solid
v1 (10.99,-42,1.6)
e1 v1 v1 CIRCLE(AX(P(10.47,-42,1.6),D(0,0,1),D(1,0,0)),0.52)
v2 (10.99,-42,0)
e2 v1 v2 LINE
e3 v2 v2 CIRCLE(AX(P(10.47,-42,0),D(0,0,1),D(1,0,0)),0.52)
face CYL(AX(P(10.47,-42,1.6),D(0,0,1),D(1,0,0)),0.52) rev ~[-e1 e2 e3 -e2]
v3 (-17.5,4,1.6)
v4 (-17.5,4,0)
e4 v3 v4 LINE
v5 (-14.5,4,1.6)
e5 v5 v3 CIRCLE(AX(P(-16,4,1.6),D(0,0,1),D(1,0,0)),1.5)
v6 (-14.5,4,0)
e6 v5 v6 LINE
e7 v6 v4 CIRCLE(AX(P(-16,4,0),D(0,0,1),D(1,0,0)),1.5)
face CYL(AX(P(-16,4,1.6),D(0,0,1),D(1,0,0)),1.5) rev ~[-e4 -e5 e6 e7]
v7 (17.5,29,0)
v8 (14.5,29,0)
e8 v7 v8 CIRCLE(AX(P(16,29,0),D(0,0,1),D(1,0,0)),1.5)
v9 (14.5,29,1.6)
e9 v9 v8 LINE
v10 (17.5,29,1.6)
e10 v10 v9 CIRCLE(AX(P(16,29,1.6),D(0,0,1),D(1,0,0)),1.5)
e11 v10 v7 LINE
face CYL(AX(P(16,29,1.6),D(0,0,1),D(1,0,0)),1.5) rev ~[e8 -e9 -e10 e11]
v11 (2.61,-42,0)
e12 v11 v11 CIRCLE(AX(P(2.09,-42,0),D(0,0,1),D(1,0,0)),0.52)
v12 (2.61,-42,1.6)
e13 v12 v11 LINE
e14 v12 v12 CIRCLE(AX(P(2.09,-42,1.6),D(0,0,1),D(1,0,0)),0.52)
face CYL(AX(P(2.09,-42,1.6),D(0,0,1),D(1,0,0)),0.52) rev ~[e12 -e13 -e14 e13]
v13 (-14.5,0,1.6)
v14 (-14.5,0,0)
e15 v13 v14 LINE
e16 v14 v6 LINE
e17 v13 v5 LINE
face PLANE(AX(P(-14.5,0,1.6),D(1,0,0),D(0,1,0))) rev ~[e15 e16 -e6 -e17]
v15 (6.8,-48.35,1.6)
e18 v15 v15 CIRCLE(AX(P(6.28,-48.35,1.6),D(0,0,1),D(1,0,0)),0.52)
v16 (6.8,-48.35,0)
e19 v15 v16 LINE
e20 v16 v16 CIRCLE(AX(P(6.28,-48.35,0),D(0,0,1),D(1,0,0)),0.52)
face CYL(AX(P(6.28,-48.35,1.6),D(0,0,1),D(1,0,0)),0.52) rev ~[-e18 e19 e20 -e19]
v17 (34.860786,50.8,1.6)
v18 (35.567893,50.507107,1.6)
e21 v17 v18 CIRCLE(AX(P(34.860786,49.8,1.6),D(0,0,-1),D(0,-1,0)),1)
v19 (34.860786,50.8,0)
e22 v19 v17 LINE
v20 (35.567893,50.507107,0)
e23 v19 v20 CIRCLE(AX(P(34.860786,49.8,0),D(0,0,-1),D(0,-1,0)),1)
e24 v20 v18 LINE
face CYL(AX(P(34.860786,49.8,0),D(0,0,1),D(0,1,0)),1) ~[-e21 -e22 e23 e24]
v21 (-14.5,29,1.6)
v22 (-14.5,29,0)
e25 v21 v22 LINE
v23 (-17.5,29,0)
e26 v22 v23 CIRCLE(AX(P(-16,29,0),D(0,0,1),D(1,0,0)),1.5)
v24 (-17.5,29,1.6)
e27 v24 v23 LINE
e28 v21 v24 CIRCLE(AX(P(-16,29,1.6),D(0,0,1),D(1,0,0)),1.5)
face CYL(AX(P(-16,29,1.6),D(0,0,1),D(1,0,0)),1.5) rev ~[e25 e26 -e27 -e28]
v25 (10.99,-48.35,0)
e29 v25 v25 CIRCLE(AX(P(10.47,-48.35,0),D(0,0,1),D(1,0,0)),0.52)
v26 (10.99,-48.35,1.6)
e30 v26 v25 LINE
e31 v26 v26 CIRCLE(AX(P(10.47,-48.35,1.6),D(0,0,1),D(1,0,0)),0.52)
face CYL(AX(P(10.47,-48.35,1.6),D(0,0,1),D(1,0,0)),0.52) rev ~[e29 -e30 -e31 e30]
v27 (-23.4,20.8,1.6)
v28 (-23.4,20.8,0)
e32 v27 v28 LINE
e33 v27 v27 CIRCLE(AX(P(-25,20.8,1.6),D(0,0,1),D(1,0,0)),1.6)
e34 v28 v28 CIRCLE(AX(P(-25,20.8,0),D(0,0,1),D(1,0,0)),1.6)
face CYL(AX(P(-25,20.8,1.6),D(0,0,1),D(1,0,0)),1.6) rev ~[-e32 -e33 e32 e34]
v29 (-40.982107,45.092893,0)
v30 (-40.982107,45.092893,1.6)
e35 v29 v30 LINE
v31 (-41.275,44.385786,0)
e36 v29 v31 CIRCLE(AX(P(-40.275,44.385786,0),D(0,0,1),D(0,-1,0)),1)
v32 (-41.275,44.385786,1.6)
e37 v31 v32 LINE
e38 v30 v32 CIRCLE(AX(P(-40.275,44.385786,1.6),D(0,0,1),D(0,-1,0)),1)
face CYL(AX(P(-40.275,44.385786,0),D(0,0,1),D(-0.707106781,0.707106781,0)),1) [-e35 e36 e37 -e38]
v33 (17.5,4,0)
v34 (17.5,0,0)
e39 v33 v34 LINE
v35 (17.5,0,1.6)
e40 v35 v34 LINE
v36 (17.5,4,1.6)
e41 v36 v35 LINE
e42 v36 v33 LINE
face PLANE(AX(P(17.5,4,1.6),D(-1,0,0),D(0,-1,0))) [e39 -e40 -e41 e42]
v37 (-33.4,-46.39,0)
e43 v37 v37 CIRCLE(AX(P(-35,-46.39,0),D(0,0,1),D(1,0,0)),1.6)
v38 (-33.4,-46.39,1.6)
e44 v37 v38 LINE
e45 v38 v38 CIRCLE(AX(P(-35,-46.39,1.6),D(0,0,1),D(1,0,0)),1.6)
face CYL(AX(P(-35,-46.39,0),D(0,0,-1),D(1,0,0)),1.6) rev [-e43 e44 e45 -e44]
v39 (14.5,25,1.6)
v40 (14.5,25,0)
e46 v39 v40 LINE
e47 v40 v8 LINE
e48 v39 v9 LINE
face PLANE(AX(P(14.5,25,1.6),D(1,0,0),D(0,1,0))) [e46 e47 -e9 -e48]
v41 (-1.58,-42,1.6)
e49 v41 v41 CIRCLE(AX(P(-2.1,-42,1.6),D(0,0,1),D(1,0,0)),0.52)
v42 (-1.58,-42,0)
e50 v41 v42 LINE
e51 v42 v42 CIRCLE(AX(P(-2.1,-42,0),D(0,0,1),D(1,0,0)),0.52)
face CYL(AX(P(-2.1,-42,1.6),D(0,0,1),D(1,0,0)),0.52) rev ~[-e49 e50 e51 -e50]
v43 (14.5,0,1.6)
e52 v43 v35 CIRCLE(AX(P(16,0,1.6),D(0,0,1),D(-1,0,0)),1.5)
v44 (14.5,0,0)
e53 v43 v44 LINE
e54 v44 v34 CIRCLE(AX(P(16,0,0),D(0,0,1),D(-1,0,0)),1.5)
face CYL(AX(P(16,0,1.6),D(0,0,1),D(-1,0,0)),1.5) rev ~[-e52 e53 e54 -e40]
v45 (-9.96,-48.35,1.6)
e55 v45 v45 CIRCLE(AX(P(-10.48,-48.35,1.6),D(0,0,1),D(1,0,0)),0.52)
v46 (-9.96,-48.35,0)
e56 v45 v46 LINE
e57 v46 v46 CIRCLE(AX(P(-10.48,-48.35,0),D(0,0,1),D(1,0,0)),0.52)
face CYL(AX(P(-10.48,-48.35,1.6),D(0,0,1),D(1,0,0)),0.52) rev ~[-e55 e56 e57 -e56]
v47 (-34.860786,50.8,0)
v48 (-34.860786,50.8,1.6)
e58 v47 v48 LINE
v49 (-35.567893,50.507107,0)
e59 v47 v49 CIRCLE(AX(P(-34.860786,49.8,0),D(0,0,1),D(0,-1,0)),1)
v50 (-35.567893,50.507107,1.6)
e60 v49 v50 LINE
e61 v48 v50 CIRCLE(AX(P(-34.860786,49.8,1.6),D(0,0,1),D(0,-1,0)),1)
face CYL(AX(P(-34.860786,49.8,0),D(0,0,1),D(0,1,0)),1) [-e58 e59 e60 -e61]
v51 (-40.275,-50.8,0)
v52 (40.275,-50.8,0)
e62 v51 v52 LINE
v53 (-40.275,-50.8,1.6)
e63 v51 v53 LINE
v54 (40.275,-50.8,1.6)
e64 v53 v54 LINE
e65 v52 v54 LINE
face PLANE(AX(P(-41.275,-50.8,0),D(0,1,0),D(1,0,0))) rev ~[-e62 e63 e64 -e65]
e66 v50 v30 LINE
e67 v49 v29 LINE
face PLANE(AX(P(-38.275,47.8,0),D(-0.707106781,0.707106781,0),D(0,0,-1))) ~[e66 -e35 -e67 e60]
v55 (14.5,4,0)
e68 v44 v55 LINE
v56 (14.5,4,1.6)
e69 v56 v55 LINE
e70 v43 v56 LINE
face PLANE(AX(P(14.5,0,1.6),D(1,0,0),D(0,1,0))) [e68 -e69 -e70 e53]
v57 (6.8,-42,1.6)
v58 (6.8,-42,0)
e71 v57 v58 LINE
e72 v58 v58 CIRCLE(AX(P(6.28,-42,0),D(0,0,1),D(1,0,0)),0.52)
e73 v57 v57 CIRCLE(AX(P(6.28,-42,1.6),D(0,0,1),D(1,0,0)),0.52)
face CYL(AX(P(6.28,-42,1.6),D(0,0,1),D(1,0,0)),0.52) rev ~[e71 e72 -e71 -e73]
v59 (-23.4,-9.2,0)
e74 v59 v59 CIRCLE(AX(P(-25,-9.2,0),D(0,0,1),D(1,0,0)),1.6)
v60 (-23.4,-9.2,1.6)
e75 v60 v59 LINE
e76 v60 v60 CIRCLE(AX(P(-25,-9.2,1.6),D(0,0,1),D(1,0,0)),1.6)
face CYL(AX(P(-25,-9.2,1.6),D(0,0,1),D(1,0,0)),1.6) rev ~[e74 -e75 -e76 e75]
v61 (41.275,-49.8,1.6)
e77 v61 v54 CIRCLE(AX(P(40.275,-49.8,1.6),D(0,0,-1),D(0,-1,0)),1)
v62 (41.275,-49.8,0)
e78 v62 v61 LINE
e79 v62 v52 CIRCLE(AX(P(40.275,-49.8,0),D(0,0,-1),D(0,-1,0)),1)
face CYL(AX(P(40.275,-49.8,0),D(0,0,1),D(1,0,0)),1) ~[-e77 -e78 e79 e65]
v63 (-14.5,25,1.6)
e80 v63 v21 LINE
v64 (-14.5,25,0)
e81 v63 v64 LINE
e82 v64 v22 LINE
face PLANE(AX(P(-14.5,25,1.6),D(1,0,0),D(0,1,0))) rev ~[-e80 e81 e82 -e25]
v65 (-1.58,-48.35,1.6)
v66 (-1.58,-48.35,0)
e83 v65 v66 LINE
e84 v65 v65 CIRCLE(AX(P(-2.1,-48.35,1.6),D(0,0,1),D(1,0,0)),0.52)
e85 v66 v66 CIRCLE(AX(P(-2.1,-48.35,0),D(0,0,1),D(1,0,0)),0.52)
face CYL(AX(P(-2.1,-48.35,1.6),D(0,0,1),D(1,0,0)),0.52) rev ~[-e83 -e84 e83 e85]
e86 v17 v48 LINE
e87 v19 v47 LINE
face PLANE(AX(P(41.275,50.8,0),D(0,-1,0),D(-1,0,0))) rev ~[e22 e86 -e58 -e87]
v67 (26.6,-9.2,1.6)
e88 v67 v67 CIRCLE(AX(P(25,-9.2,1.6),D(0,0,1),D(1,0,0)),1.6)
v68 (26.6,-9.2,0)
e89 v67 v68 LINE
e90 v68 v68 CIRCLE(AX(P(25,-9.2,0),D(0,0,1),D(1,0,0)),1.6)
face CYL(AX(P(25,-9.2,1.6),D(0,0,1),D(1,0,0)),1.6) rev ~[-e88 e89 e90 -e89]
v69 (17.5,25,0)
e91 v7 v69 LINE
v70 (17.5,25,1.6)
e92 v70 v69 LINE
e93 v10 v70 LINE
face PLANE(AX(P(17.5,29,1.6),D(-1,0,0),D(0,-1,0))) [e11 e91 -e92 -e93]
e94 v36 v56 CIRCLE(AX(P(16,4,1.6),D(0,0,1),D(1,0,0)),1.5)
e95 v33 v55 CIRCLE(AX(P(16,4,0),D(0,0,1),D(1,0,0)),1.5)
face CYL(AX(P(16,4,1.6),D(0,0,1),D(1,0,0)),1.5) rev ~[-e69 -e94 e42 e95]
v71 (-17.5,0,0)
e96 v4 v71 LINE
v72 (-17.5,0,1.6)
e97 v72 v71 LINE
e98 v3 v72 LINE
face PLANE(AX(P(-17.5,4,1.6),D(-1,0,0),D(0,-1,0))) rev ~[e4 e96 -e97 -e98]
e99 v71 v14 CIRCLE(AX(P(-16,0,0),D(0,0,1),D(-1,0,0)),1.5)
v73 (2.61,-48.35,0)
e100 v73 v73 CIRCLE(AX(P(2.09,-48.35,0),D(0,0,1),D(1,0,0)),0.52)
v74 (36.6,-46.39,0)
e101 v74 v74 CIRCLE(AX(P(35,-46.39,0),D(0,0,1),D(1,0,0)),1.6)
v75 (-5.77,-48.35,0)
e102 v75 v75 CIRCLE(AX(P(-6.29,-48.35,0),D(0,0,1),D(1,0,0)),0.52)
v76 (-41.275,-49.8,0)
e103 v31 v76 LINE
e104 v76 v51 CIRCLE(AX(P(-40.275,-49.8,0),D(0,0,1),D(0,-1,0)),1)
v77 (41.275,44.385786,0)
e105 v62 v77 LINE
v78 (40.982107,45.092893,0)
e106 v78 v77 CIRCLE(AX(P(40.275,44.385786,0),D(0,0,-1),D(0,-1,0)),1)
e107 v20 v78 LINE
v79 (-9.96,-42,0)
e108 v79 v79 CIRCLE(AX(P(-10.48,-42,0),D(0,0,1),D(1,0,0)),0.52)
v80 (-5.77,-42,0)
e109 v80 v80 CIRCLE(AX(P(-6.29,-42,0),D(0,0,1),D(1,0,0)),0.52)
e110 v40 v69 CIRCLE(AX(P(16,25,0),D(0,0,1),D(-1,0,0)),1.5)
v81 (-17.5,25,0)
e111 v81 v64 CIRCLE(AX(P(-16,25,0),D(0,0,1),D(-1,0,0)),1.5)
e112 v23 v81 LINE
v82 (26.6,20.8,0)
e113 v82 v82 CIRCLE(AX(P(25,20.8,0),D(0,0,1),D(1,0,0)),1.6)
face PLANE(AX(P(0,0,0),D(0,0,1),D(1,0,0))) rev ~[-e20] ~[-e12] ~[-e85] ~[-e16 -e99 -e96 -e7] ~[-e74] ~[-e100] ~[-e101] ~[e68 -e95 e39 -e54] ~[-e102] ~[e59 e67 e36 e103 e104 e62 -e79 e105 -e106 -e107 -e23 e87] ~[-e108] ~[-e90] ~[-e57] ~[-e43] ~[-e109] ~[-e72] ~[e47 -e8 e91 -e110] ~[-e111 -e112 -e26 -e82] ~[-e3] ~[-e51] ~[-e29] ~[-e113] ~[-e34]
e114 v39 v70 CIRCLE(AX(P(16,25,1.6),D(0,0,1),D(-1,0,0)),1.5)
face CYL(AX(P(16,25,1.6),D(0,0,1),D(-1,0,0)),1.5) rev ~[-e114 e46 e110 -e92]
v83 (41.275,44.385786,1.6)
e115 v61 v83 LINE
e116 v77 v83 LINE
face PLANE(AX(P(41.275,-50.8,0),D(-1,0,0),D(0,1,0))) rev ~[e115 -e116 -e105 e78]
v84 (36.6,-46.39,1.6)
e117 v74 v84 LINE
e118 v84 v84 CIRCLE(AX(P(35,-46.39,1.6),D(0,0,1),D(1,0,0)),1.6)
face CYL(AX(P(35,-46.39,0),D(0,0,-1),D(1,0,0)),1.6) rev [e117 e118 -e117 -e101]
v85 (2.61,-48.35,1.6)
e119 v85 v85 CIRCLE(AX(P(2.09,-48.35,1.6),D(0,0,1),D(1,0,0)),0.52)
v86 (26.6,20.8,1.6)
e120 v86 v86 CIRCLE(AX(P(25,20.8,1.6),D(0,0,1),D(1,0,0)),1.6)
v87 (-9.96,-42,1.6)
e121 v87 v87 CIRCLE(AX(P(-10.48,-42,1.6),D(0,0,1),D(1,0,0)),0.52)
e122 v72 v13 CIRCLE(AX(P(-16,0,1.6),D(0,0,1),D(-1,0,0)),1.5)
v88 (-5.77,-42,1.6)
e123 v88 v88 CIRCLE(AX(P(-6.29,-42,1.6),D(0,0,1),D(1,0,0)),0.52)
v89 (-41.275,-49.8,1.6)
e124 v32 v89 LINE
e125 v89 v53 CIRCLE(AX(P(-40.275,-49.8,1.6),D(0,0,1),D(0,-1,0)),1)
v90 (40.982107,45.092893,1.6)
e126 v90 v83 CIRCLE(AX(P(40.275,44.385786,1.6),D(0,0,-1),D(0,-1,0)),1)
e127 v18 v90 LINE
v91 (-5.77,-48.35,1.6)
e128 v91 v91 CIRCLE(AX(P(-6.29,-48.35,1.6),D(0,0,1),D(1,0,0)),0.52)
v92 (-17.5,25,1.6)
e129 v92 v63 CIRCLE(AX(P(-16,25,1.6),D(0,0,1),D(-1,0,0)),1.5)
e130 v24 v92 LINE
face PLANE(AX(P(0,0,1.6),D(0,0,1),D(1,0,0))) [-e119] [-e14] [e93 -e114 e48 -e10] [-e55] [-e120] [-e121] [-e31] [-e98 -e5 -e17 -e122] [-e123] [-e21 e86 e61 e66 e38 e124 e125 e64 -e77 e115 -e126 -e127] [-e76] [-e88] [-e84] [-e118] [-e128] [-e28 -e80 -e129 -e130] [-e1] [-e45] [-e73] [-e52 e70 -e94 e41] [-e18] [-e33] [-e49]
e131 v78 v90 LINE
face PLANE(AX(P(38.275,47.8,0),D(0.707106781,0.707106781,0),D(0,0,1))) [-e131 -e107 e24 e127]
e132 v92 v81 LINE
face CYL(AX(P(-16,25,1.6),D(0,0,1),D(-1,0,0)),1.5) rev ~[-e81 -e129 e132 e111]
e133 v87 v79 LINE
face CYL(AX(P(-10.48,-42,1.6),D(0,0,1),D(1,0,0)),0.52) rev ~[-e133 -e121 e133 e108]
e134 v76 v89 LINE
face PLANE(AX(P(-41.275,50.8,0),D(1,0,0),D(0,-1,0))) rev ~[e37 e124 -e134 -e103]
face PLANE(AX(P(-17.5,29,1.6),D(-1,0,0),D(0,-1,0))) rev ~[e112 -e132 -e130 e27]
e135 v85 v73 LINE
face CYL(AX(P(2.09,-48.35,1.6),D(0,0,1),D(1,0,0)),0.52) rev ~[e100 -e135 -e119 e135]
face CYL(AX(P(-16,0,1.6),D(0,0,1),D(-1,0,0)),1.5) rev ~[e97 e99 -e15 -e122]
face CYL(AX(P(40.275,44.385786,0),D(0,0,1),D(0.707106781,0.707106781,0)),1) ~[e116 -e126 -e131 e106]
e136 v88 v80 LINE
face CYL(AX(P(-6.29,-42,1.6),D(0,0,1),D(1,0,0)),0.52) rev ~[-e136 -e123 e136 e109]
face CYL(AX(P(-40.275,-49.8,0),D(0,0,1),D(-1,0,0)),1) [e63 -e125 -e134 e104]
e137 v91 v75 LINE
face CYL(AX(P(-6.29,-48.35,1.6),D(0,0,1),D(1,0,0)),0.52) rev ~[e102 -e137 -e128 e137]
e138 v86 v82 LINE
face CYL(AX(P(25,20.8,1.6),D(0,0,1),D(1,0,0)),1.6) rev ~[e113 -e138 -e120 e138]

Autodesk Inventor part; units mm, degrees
ref_plane "YZ Plane" through (0, 0, 0) normal (1, 0, 0) x (0, 1, 0)
ref_plane "XZ Plane" through (0, 0, 0) normal (0, 1, 0) x (-1, 0, 0)
ref_plane "XY Plane" through (0, 0, 0) normal (0, 0, 1) x (1, 0, 0)
sketch "Sketch1" plane through (0, 0, 0) normal (0, 0, 1) x (1, 0, 0)
  line L0 (-41.275, -50.8) -> (41.275, -50.8)
  line L1 (41.275, -50.8) -> (41.275, 50.8)
  line L2 (41.275, 50.8) -> (-41.275, 50.8)
  line L3 (-41.275, 50.8) -> (-41.275, -50.8)
  line L4 (-41.275, -50.8) -> (41.275, 50.8) construction
  line L5 (41.275, -50.8) -> (-41.275, 50.8) construction
  circle A0 centre (-35, -46.39) radius 1.6
  circle A1 centre (35, -46.39) radius 1.6
  point P0 (0, 0)
  dimension "d0" = 82.55
  dimension "d1" = 101.6
  dimension "d2" = 3.2
  dimension "d3" = 3.2
  dimension "d5" = 35
  dimension "d6" = 35
  dimension "d7" = 4.41
  dimension "d8" = 4.41
extrude "Extrusion1" add sketch "Sketch1" along normal blind 1.6
chamfer "Chamfer1" distance 6 angle 45 1 edges at (41.275, 50.8, 0.8) measured on face at (41.275, -16.9333, 0.5333)
chamfer "Chamfer2" distance 6 angle 45 1 edges at (-41.275, 50.8, 0.8) measured on face at (-41.275, 16.9333, 0.5333)
sketch "Sketch2" plane through (0, 0, 1.6) normal (0, 0, 1) x (1, 0, 0)
  circle A0 centre (-10.48, -42) radius 0.52
  line L0 (-41.275, -50.8) -> (41.275, -50.8) projected
  line L1 (-41.275, 44.8) -> (-41.275, -50.8) projected
  point P0 (0, 0)
  dimension "d17" = 1.04
  dimension "d18" = 10.48
  dimension "d19" = 8.8
extrude "Extrusion2" cut sketch "Sketch2" against normal through all
pattern_linear "Rectangular Pattern1" count 6 spacing 4.19 along (1, 0, 0) count 2 spacing 6.35 along (0, -1, 0) of "Extrusion2"
sketch "Sketch3" plane through (0, 0, 1.6) normal (0, 0, 1) x (1, 0, 0)
  circle A0 centre (-25, 20.8) radius 1.6
  circle A1 centre (-25, -9.2) radius 1.6
  line L0 (0, -71.12) -> (0, 71.12) projected
  line L1 (35.275, 50.8) -> (-35.275, 50.8) projected
  circle A2 centre (25, 20.8) radius 1.6
  circle A3 centre (25, -9.2) radius 1.6
  point P0 (0, 0)
  dimension "d28" = 25
  dimension "d29" = 25
  dimension "d30" = 30
  dimension "d31" = 3.2
  dimension "d32" = 3.2
  dimension "d33" = 30
extrude "Extrusion3" cut sketch "Sketch3" against normal through all
sketch "Sketch4" plane through (0, 0, 1.6) normal (0, 0, 1) x (1, 0, 0)
  line L0 (-16, 0) -> (-16, 4) construction
  line L1 (-14.5, 0) -> (-14.5, 4)
  line L2 (-17.5, 4) -> (-17.5, 0)
  arc A0 (-17.5, 0) -> (-14.5, 0) centre (-16, 0) ccw
  arc A1 (-14.5, 4) -> (-17.5, 4) centre (-16, 4) ccw
  line L3 (-16, 25) -> (-16, 29) construction
  line L4 (-14.5, 25) -> (-14.5, 29)
  line L5 (-17.5, 29) -> (-17.5, 25)
  arc A2 (-17.5, 25) -> (-14.5, 25) centre (-16, 25) ccw
  arc A3 (-14.5, 29) -> (-17.5, 29) centre (-16, 29) ccw
  line L6 (-57.785, 0) -> (57.785, 0) construction
  line L7 (0, 71.12) -> (0, -71.12) projected
  line L8 (16, 0) -> (16, 4) construction
  line L9 (14.5, 0) -> (14.5, 4)
  line L10 (17.5, 4) -> (17.5, 0)
  arc A4 (14.5, 0) -> (17.5, 0) centre (16, 0) ccw
  arc A5 (17.5, 4) -> (14.5, 4) centre (16, 4) ccw
  line L11 (16, 25) -> (16, 29) construction
  line L12 (14.5, 25) -> (14.5, 29)
  line L13 (17.5, 29) -> (17.5, 25)
  arc A6 (14.5, 25) -> (17.5, 25) centre (16, 25) ccw
  arc A7 (17.5, 29) -> (14.5, 29) centre (16, 29) ccw
  line L14 (13.3, -8.625) -> (-13.3, -8.625)
  line L15 (-13.3, -8.625) -> (-13.3, 37.625)
  line L16 (-13.3, 37.625) -> (13.3, 37.625)
  line L17 (13.3, 37.625) -> (13.3, -8.625)
  line L18 (13.3, -8.625) -> (-13.3, 37.625) construction
  line L19 (-13.3, -8.625) -> (13.3, 37.625) construction
  point P0 (0, 0)
  point P1 (-16, 2)
  point P2 (-16, 27)
  point P3 (16, 2)
  point P4 (16, 27)
  point P5 (0, 14.5)
  dimension "d36" = 4
  dimension "d37" = 4
  dimension "d38" = 3
  dimension "d39" = 3
  dimension "d40" = 16
  dimension "d41" = 25
  dimension "d45" = 26.6
  dimension "d46" = 46.25
  dimension "d47" = 12.5
  dimension "d48" = 2
extrude "Extrusion4" cut sketch "Sketch4" against normal blind 1.6 contours A0 L2 A1 L1 | A2 L5 A3 L4 | L9 A5 L10 A4 | L12 A7 L13 A6
fillet "Fillet1" radius 1 6 edges at (41.275, -50.8, 0.8) (41.275, 44.8, 0.8) (35.275, 50.8, 0.8) (-35.275, 50.8, 0.8) (-41.275, 44.8, 0.8) (-41.275, -50.8, 0.8)
sketch "RCU_PCB_OUTLINE" plane through (0, 0, 1.6) normal (0, 0, 1) x (1, 0, 0)
  circle A0 centre (-25, 20.8) radius 1.6 projected
  circle A1 centre (25, 20.8) radius 1.6 projected
  circle A2 centre (-25, -9.2) radius 1.6 projected
  circle A3 centre (25, -9.2) radius 1.6 projected
  circle A4 centre (10.47, -48.35) radius 0.52 projected
  circle A5 centre (-10.48, -42) radius 0.52 projected
  circle A6 centre (-35, -46.39) radius 1.6 projected
  circle A7 centre (35, -46.39) radius 1.6 projected
  line L0 (-30, -13.2) -> (-30, 24.8) projected
  line L1 (-30, -13.2) -> (-30, 24.8) projected
  arc A8 (-30, -13.2) -> (-29, -14.2) centre (-29, -13.2) ccw projected
  arc A9 (-29, 25.8) -> (-30, 24.8) centre (-29, 24.8) ccw projected
  arc A10 (-30, -13.2) -> (-29, -14.2) centre (-29, -13.2) ccw projected
  line L2 (-21, -14.2) -> (-29, -14.2) projected
  arc A11 (-21, -14.2) -> (-20, -13.2) centre (-21, -13.2) ccw projected
  line L3 (-20, 24.8) -> (-20, -13.2) projected
  arc A12 (-20, 24.8) -> (-21, 25.8) centre (-21, 24.8) ccw projected
  line L4 (-29, 25.8) -> (-21, 25.8) projected
  arc A13 (-29, 25.8) -> (-30, 24.8) centre (-29, 24.8) ccw projected
  arc A14 (12.3, -8.625) -> (13.3, -7.625) centre (12.3, -7.625) ccw projected
  line L5 (-12.3, -8.625) -> (12.3, -8.625) projected
  arc A15 (-13.3, -7.625) -> (-12.3, -8.625) centre (-12.3, -7.625) ccw projected
  line L6 (-13.3, 36.625) -> (-13.3, -7.625) projected
  arc A16 (-12.3, 37.625) -> (-13.3, 36.625) centre (-12.3, 36.625) ccw projected
  line L7 (12.3, 37.625) -> (-12.3, 37.625) projected
  arc A17 (13.3, 36.625) -> (12.3, 37.625) centre (12.3, 36.625) ccw projected
  line L8 (13.3, -7.625) -> (13.3, 36.625) projected
  line L9 (29, -14.2) -> (21, -14.2) projected
  arc A18 (20, -13.2) -> (21, -14.2) centre (21, -13.2) ccw projected
  line L10 (20, -13.2) -> (20, 24.8) projected
  arc A19 (21, 25.8) -> (20, 24.8) centre (21, 24.8) ccw projected
  line L11 (21, 25.8) -> (29, 25.8) projected
  arc A20 (30, 24.8) -> (29, 25.8) centre (29, 24.8) ccw projected
  line L12 (30, 24.8) -> (30, -13.2) projected
  arc A21 (29, -14.2) -> (30, -13.2) centre (29, -13.2) ccw projected
  line L13 (29, -14.2) -> (21, -14.2) projected
  arc A22 (14.5, 0) -> (17.5, 0) centre (16, 0) ccw projected
  line L14 (17.5, 4) -> (17.5, 0) projected
  arc A23 (17.5, 4) -> (14.5, 4) centre (16, 4) ccw projected
  line L15 (14.5, 0) -> (14.5, 4) projected
  arc A24 (-17.5, 0) -> (-14.5, 0) centre (-16, 0) ccw projected
  line L16 (-14.5, 4) -> (-14.5, 0) projected
  arc A25 (-14.5, 4) -> (-17.5, 4) centre (-16, 4) ccw projected
  line L17 (-17.5, 0) -> (-17.5, 4) projected
  arc A26 (-17.5, 25) -> (-14.5, 25) centre (-16, 25) ccw projected
  line L18 (-14.5, 29) -> (-14.5, 25) projected
  arc A27 (-14.5, 29) -> (-17.5, 29) centre (-16, 29) ccw projected
  line L19 (-17.5, 25) -> (-17.5, 29) projected
  arc A28 (14.5, 25) -> (17.5, 25) centre (16, 25) ccw projected
  line L20 (17.5, 29) -> (17.5, 25) projected
  arc A29 (17.5, 29) -> (14.5, 29) centre (16, 29) ccw projected
  line L21 (14.5, 25) -> (14.5, 29) projected
  line L22 (41.275, -49.8) -> (41.275, 44.3858) projected
  arc A30 (40.275, -50.8) -> (41.275, -49.8) centre (40.275, -49.8) ccw projected
  line L23 (-40.275, -50.8) -> (40.275, -50.8) projected
  arc A31 (-41.275, -49.8) -> (-40.275, -50.8) centre (-40.275, -49.8) ccw projected
  line L24 (-41.275, 44.3858) -> (-41.275, -49.8) projected
  arc A32 (-40.9821, 45.0929) -> (-41.275, 44.3858) centre (-40.275, 44.3858) ccw projected
  line L25 (-40.9821, 45.0929) -> (-35.5679, 50.5071) projected
  arc A33 (-34.8608, 50.8) -> (-35.5679, 50.5071) centre (-34.8608, 49.8) ccw projected
  line L26 (34.8608, 50.8) -> (-34.8608, 50.8) projected
  arc A34 (35.5679, 50.5071) -> (34.8608, 50.8) centre (34.8608, 49.8) ccw projected
  line L27 (35.5679, 50.5071) -> (40.9821, 45.0929) projected
  arc A35 (41.275, 44.3858) -> (40.9821, 45.0929) centre (40.275, 44.3858) ccw projected
  point P0 (0, 0)
equation "\"d6\" = d5"
equation "\"d8\" = d7"
equation "\"d29\" = d28"
equation "\"d32\" = d31"
equation "\"d37\" = d36"
equation "\"d39\" = d38"
equation "\"d47\" = 0.5 * d41"
properties part number "PCB"
